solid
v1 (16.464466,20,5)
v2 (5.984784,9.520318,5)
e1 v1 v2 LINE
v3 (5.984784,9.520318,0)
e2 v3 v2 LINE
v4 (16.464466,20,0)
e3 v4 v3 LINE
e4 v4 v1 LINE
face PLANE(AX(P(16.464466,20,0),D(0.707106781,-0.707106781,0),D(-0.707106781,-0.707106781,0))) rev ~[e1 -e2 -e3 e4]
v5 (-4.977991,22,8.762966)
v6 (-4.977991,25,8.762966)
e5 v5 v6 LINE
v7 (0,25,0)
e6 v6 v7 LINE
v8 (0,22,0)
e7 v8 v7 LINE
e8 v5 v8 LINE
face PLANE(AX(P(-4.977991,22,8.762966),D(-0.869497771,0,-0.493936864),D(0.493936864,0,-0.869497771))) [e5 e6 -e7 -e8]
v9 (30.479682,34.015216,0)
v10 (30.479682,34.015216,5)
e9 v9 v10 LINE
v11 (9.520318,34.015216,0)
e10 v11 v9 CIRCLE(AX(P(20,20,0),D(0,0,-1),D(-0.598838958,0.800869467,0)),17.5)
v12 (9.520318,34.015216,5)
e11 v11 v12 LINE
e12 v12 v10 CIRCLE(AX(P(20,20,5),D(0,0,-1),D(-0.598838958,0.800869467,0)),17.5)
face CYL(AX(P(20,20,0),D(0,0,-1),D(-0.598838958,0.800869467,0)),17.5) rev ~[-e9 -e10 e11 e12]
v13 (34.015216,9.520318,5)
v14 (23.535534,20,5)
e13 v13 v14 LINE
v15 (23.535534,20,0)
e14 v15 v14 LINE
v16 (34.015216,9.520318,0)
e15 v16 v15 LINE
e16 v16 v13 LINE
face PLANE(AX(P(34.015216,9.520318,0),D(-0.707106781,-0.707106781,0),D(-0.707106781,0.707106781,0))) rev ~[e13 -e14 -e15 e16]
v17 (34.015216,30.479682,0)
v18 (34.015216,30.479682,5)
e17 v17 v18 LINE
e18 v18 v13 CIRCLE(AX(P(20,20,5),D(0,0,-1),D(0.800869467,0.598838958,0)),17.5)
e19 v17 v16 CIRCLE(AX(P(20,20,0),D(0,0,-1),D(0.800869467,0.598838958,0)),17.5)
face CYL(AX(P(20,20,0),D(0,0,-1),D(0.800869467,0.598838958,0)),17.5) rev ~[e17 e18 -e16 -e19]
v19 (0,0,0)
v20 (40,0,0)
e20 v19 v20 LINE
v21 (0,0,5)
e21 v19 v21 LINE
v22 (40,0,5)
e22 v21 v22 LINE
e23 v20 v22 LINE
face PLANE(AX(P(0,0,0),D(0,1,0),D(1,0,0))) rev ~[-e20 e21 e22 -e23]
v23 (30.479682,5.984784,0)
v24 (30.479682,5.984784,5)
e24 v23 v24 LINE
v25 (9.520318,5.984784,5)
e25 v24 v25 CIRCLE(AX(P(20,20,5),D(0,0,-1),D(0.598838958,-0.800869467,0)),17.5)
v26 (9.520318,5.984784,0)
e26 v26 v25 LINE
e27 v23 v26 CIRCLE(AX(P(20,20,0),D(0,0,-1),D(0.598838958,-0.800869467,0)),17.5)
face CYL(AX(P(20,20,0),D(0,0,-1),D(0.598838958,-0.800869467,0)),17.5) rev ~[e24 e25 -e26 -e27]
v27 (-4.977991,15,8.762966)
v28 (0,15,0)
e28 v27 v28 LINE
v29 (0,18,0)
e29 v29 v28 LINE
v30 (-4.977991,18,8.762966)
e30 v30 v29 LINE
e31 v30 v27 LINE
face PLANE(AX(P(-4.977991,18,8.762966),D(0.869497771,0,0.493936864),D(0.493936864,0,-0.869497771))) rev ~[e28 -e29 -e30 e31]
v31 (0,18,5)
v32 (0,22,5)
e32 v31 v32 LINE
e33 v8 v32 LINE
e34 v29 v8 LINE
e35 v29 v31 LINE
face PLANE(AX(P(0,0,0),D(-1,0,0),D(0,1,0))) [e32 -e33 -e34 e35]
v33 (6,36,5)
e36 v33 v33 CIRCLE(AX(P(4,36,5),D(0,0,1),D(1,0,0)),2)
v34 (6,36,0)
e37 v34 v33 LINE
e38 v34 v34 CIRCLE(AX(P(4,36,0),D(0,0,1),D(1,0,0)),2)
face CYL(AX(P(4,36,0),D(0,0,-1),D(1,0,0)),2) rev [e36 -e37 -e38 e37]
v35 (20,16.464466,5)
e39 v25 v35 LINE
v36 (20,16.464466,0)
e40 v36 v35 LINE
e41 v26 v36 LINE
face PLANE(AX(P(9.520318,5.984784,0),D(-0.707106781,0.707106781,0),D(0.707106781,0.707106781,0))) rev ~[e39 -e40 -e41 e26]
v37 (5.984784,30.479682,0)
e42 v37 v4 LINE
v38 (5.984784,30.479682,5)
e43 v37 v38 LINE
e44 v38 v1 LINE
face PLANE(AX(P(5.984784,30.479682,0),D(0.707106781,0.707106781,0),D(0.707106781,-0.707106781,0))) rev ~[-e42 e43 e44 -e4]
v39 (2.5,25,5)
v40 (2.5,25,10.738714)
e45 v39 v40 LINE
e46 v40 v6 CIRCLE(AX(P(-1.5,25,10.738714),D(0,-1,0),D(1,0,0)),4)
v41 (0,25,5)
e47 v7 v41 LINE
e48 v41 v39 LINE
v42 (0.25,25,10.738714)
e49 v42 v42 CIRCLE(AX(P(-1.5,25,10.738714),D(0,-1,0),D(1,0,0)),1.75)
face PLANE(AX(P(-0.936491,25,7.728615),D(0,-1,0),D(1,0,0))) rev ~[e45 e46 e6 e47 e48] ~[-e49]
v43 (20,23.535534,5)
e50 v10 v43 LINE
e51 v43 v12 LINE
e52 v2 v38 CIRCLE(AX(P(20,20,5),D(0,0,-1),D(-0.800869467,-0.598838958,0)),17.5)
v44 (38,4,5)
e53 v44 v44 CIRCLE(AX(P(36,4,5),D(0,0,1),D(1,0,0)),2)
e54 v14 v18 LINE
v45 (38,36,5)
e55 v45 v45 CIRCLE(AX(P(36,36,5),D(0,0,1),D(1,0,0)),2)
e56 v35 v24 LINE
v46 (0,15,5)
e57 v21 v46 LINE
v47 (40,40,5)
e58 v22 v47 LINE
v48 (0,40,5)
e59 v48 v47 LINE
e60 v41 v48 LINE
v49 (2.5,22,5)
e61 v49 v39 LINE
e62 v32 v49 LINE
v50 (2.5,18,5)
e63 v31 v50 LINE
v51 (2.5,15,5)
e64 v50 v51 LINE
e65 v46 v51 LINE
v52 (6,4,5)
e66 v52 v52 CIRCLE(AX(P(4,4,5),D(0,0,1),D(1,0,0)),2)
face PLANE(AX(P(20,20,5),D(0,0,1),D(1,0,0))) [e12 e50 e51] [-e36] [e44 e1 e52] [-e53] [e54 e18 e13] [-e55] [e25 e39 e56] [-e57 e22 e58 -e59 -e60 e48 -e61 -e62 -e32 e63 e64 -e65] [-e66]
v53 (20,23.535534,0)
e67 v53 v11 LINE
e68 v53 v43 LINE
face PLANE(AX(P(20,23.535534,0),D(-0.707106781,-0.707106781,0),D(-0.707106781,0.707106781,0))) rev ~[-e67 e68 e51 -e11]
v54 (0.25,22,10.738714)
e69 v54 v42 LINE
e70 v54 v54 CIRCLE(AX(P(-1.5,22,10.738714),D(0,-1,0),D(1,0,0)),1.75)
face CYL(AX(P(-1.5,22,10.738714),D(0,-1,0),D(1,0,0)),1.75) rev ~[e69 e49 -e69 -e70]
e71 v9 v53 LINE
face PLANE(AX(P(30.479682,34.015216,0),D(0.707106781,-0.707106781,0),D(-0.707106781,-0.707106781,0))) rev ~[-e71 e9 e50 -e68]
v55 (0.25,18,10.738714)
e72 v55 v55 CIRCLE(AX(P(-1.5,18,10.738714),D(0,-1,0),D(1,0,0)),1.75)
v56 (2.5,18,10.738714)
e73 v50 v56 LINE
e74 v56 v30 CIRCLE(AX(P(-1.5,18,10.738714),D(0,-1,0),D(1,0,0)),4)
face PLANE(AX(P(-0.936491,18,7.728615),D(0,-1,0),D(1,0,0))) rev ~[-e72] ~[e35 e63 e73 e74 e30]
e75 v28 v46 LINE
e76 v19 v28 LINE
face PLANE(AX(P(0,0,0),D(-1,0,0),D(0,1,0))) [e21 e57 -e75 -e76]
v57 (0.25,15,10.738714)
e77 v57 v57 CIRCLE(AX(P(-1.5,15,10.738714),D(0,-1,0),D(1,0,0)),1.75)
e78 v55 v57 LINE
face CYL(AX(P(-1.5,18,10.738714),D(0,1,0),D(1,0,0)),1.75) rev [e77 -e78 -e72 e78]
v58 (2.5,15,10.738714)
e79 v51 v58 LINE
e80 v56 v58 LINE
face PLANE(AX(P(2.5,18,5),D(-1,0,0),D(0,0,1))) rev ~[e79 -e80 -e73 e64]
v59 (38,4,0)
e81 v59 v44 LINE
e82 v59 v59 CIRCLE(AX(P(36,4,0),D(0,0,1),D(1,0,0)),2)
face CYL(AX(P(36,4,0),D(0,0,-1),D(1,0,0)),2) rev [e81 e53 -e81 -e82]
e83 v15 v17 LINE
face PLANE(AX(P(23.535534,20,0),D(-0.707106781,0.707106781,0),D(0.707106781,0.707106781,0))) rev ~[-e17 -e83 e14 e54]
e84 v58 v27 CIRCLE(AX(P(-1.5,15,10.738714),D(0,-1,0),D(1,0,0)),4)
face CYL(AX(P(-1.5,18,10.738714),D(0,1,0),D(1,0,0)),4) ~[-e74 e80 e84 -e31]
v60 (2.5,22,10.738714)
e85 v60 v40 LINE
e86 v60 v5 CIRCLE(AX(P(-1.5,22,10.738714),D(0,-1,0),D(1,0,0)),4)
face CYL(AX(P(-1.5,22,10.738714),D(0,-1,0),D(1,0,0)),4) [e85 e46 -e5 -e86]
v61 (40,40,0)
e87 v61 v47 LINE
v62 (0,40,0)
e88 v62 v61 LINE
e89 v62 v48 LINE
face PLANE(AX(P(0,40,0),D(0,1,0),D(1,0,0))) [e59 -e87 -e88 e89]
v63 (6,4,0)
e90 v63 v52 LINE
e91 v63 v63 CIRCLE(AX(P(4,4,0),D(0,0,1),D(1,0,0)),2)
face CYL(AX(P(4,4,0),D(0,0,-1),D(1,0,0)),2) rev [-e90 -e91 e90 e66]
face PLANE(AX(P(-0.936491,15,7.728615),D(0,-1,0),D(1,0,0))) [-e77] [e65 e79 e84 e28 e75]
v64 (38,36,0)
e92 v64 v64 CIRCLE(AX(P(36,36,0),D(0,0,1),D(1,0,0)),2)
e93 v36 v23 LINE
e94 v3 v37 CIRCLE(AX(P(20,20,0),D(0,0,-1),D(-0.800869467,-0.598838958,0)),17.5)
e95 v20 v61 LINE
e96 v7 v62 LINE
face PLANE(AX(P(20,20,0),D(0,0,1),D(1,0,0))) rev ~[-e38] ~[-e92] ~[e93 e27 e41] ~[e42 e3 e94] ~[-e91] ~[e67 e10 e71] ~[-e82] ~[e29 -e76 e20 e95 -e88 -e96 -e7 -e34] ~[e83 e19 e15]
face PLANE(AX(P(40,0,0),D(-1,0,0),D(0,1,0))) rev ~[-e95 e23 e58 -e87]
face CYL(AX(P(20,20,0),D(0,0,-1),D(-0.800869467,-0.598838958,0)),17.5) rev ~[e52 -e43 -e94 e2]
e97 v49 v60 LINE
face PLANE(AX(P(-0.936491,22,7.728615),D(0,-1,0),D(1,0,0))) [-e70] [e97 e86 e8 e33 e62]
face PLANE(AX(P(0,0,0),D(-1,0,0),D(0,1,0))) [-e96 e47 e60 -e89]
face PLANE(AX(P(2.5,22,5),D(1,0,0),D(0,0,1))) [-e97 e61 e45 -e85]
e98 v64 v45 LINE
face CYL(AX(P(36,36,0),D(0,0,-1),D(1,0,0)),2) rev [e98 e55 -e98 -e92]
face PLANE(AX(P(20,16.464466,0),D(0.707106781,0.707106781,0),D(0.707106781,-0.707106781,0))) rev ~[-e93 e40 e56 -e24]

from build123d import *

# Parameters (mm, degrees)
F0_W     = 40
F0_H     = 40
F0_R     = 2
F1_DEPTH = 5
F3_R     = 1.75
F4_DEPTH = 3
F6_R     = 1.75
F7_DEPTH = 3


with BuildPart() as f1:
    # F0 (on Top) → F1 (new body)
    with BuildSketch(Plane.XY):
        with Locations((20, 20)):
            Rectangle(F0_W, F0_H)
        with Locations((4, 4)):
            Circle(F0_R, mode=Mode.SUBTRACT)
        with BuildLine():
            ThreePointArc((30.4796817609, 5.9847843331), (20, 2.5), (9.5203182391, 5.9847843331))
            Line((9.5203182391, 5.9847843331), (20, 16.4644660941))
            Line((20, 16.4644660941), (30.4796817609, 5.9847843331))
        make_face(mode=Mode.SUBTRACT)
        with BuildLine():
            ThreePointArc((5.9847843331, 9.5203182391), (2.5, 20), (5.9847843331, 30.4796817609))
            Line((5.9847843331, 30.4796817609), (16.4644660941, 20))
            Line((16.4644660941, 20), (5.9847843331, 9.5203182391))
        make_face(mode=Mode.SUBTRACT)
        with Locations((36, 4)):
            Circle(F0_R, mode=Mode.SUBTRACT)
        with Locations((4, 36)):
            Circle(F0_R, mode=Mode.SUBTRACT)
        with BuildLine():
            ThreePointArc((34.0152156669, 30.4796817609), (37.5, 20), (34.0152156669, 9.5203182391))
            Line((34.0152156669, 9.5203182391), (23.5355339059, 20))
            Line((23.5355339059, 20), (34.0152156669, 30.4796817609))
        make_face(mode=Mode.SUBTRACT)
        with BuildLine():
            Line((30.4796817609, 34.0152156669), (20, 23.5355339059))
            Line((20, 23.5355339059), (9.5203182391, 34.0152156669))
            ThreePointArc((9.5203182391, 34.0152156669), (20, 37.5), (30.4796817609, 34.0152156669))
        make_face(mode=Mode.SUBTRACT)
        with Locations((36, 36)):
            Circle(F0_R, mode=Mode.SUBTRACT)
    extrude(amount=F1_DEPTH)

    # F3 (on offset) → F4 (join)
    with BuildSketch(Plane.XZ.offset(-22)):
        with BuildLine():
            Line((2.5, 5), (2.5, 10.7387138817))
            ThreePointArc((2.5, 10.7387138817), (-2.5217719064, 14.6060103755), (-4.9779910856, 8.762966426))
            Line((-4.9779910856, 8.762966426), (0, 0))
            Line((0, 0), (0, 5))
            Line((0, 5), (2.5, 5))
        make_face()
        with Locations((-1.5, 10.7387138817)):
            Circle(F3_R, mode=Mode.SUBTRACT)
    extrude(amount=-F4_DEPTH)

    # F6 (on offset) → F7 (join)
    with BuildSketch(Plane.XZ.offset(-18)):
        with BuildLine():
            Line((-4.9779910856, 8.762966426), (0, 0))
            Line((0, 0), (0, 5))
            Line((0, 5), (2.5, 5))
            Line((2.5, 5), (2.5, 10.7387138817))
            ThreePointArc((2.5, 10.7387138817), (-2.5217719064, 14.6060103755), (-4.9779910856, 8.762966426))
        make_face()
        with Locations((-1.5, 10.7387138817)):
            Circle(F6_R, mode=Mode.SUBTRACT)
    extrude(amount=F7_DEPTH)


solid = f1.part
